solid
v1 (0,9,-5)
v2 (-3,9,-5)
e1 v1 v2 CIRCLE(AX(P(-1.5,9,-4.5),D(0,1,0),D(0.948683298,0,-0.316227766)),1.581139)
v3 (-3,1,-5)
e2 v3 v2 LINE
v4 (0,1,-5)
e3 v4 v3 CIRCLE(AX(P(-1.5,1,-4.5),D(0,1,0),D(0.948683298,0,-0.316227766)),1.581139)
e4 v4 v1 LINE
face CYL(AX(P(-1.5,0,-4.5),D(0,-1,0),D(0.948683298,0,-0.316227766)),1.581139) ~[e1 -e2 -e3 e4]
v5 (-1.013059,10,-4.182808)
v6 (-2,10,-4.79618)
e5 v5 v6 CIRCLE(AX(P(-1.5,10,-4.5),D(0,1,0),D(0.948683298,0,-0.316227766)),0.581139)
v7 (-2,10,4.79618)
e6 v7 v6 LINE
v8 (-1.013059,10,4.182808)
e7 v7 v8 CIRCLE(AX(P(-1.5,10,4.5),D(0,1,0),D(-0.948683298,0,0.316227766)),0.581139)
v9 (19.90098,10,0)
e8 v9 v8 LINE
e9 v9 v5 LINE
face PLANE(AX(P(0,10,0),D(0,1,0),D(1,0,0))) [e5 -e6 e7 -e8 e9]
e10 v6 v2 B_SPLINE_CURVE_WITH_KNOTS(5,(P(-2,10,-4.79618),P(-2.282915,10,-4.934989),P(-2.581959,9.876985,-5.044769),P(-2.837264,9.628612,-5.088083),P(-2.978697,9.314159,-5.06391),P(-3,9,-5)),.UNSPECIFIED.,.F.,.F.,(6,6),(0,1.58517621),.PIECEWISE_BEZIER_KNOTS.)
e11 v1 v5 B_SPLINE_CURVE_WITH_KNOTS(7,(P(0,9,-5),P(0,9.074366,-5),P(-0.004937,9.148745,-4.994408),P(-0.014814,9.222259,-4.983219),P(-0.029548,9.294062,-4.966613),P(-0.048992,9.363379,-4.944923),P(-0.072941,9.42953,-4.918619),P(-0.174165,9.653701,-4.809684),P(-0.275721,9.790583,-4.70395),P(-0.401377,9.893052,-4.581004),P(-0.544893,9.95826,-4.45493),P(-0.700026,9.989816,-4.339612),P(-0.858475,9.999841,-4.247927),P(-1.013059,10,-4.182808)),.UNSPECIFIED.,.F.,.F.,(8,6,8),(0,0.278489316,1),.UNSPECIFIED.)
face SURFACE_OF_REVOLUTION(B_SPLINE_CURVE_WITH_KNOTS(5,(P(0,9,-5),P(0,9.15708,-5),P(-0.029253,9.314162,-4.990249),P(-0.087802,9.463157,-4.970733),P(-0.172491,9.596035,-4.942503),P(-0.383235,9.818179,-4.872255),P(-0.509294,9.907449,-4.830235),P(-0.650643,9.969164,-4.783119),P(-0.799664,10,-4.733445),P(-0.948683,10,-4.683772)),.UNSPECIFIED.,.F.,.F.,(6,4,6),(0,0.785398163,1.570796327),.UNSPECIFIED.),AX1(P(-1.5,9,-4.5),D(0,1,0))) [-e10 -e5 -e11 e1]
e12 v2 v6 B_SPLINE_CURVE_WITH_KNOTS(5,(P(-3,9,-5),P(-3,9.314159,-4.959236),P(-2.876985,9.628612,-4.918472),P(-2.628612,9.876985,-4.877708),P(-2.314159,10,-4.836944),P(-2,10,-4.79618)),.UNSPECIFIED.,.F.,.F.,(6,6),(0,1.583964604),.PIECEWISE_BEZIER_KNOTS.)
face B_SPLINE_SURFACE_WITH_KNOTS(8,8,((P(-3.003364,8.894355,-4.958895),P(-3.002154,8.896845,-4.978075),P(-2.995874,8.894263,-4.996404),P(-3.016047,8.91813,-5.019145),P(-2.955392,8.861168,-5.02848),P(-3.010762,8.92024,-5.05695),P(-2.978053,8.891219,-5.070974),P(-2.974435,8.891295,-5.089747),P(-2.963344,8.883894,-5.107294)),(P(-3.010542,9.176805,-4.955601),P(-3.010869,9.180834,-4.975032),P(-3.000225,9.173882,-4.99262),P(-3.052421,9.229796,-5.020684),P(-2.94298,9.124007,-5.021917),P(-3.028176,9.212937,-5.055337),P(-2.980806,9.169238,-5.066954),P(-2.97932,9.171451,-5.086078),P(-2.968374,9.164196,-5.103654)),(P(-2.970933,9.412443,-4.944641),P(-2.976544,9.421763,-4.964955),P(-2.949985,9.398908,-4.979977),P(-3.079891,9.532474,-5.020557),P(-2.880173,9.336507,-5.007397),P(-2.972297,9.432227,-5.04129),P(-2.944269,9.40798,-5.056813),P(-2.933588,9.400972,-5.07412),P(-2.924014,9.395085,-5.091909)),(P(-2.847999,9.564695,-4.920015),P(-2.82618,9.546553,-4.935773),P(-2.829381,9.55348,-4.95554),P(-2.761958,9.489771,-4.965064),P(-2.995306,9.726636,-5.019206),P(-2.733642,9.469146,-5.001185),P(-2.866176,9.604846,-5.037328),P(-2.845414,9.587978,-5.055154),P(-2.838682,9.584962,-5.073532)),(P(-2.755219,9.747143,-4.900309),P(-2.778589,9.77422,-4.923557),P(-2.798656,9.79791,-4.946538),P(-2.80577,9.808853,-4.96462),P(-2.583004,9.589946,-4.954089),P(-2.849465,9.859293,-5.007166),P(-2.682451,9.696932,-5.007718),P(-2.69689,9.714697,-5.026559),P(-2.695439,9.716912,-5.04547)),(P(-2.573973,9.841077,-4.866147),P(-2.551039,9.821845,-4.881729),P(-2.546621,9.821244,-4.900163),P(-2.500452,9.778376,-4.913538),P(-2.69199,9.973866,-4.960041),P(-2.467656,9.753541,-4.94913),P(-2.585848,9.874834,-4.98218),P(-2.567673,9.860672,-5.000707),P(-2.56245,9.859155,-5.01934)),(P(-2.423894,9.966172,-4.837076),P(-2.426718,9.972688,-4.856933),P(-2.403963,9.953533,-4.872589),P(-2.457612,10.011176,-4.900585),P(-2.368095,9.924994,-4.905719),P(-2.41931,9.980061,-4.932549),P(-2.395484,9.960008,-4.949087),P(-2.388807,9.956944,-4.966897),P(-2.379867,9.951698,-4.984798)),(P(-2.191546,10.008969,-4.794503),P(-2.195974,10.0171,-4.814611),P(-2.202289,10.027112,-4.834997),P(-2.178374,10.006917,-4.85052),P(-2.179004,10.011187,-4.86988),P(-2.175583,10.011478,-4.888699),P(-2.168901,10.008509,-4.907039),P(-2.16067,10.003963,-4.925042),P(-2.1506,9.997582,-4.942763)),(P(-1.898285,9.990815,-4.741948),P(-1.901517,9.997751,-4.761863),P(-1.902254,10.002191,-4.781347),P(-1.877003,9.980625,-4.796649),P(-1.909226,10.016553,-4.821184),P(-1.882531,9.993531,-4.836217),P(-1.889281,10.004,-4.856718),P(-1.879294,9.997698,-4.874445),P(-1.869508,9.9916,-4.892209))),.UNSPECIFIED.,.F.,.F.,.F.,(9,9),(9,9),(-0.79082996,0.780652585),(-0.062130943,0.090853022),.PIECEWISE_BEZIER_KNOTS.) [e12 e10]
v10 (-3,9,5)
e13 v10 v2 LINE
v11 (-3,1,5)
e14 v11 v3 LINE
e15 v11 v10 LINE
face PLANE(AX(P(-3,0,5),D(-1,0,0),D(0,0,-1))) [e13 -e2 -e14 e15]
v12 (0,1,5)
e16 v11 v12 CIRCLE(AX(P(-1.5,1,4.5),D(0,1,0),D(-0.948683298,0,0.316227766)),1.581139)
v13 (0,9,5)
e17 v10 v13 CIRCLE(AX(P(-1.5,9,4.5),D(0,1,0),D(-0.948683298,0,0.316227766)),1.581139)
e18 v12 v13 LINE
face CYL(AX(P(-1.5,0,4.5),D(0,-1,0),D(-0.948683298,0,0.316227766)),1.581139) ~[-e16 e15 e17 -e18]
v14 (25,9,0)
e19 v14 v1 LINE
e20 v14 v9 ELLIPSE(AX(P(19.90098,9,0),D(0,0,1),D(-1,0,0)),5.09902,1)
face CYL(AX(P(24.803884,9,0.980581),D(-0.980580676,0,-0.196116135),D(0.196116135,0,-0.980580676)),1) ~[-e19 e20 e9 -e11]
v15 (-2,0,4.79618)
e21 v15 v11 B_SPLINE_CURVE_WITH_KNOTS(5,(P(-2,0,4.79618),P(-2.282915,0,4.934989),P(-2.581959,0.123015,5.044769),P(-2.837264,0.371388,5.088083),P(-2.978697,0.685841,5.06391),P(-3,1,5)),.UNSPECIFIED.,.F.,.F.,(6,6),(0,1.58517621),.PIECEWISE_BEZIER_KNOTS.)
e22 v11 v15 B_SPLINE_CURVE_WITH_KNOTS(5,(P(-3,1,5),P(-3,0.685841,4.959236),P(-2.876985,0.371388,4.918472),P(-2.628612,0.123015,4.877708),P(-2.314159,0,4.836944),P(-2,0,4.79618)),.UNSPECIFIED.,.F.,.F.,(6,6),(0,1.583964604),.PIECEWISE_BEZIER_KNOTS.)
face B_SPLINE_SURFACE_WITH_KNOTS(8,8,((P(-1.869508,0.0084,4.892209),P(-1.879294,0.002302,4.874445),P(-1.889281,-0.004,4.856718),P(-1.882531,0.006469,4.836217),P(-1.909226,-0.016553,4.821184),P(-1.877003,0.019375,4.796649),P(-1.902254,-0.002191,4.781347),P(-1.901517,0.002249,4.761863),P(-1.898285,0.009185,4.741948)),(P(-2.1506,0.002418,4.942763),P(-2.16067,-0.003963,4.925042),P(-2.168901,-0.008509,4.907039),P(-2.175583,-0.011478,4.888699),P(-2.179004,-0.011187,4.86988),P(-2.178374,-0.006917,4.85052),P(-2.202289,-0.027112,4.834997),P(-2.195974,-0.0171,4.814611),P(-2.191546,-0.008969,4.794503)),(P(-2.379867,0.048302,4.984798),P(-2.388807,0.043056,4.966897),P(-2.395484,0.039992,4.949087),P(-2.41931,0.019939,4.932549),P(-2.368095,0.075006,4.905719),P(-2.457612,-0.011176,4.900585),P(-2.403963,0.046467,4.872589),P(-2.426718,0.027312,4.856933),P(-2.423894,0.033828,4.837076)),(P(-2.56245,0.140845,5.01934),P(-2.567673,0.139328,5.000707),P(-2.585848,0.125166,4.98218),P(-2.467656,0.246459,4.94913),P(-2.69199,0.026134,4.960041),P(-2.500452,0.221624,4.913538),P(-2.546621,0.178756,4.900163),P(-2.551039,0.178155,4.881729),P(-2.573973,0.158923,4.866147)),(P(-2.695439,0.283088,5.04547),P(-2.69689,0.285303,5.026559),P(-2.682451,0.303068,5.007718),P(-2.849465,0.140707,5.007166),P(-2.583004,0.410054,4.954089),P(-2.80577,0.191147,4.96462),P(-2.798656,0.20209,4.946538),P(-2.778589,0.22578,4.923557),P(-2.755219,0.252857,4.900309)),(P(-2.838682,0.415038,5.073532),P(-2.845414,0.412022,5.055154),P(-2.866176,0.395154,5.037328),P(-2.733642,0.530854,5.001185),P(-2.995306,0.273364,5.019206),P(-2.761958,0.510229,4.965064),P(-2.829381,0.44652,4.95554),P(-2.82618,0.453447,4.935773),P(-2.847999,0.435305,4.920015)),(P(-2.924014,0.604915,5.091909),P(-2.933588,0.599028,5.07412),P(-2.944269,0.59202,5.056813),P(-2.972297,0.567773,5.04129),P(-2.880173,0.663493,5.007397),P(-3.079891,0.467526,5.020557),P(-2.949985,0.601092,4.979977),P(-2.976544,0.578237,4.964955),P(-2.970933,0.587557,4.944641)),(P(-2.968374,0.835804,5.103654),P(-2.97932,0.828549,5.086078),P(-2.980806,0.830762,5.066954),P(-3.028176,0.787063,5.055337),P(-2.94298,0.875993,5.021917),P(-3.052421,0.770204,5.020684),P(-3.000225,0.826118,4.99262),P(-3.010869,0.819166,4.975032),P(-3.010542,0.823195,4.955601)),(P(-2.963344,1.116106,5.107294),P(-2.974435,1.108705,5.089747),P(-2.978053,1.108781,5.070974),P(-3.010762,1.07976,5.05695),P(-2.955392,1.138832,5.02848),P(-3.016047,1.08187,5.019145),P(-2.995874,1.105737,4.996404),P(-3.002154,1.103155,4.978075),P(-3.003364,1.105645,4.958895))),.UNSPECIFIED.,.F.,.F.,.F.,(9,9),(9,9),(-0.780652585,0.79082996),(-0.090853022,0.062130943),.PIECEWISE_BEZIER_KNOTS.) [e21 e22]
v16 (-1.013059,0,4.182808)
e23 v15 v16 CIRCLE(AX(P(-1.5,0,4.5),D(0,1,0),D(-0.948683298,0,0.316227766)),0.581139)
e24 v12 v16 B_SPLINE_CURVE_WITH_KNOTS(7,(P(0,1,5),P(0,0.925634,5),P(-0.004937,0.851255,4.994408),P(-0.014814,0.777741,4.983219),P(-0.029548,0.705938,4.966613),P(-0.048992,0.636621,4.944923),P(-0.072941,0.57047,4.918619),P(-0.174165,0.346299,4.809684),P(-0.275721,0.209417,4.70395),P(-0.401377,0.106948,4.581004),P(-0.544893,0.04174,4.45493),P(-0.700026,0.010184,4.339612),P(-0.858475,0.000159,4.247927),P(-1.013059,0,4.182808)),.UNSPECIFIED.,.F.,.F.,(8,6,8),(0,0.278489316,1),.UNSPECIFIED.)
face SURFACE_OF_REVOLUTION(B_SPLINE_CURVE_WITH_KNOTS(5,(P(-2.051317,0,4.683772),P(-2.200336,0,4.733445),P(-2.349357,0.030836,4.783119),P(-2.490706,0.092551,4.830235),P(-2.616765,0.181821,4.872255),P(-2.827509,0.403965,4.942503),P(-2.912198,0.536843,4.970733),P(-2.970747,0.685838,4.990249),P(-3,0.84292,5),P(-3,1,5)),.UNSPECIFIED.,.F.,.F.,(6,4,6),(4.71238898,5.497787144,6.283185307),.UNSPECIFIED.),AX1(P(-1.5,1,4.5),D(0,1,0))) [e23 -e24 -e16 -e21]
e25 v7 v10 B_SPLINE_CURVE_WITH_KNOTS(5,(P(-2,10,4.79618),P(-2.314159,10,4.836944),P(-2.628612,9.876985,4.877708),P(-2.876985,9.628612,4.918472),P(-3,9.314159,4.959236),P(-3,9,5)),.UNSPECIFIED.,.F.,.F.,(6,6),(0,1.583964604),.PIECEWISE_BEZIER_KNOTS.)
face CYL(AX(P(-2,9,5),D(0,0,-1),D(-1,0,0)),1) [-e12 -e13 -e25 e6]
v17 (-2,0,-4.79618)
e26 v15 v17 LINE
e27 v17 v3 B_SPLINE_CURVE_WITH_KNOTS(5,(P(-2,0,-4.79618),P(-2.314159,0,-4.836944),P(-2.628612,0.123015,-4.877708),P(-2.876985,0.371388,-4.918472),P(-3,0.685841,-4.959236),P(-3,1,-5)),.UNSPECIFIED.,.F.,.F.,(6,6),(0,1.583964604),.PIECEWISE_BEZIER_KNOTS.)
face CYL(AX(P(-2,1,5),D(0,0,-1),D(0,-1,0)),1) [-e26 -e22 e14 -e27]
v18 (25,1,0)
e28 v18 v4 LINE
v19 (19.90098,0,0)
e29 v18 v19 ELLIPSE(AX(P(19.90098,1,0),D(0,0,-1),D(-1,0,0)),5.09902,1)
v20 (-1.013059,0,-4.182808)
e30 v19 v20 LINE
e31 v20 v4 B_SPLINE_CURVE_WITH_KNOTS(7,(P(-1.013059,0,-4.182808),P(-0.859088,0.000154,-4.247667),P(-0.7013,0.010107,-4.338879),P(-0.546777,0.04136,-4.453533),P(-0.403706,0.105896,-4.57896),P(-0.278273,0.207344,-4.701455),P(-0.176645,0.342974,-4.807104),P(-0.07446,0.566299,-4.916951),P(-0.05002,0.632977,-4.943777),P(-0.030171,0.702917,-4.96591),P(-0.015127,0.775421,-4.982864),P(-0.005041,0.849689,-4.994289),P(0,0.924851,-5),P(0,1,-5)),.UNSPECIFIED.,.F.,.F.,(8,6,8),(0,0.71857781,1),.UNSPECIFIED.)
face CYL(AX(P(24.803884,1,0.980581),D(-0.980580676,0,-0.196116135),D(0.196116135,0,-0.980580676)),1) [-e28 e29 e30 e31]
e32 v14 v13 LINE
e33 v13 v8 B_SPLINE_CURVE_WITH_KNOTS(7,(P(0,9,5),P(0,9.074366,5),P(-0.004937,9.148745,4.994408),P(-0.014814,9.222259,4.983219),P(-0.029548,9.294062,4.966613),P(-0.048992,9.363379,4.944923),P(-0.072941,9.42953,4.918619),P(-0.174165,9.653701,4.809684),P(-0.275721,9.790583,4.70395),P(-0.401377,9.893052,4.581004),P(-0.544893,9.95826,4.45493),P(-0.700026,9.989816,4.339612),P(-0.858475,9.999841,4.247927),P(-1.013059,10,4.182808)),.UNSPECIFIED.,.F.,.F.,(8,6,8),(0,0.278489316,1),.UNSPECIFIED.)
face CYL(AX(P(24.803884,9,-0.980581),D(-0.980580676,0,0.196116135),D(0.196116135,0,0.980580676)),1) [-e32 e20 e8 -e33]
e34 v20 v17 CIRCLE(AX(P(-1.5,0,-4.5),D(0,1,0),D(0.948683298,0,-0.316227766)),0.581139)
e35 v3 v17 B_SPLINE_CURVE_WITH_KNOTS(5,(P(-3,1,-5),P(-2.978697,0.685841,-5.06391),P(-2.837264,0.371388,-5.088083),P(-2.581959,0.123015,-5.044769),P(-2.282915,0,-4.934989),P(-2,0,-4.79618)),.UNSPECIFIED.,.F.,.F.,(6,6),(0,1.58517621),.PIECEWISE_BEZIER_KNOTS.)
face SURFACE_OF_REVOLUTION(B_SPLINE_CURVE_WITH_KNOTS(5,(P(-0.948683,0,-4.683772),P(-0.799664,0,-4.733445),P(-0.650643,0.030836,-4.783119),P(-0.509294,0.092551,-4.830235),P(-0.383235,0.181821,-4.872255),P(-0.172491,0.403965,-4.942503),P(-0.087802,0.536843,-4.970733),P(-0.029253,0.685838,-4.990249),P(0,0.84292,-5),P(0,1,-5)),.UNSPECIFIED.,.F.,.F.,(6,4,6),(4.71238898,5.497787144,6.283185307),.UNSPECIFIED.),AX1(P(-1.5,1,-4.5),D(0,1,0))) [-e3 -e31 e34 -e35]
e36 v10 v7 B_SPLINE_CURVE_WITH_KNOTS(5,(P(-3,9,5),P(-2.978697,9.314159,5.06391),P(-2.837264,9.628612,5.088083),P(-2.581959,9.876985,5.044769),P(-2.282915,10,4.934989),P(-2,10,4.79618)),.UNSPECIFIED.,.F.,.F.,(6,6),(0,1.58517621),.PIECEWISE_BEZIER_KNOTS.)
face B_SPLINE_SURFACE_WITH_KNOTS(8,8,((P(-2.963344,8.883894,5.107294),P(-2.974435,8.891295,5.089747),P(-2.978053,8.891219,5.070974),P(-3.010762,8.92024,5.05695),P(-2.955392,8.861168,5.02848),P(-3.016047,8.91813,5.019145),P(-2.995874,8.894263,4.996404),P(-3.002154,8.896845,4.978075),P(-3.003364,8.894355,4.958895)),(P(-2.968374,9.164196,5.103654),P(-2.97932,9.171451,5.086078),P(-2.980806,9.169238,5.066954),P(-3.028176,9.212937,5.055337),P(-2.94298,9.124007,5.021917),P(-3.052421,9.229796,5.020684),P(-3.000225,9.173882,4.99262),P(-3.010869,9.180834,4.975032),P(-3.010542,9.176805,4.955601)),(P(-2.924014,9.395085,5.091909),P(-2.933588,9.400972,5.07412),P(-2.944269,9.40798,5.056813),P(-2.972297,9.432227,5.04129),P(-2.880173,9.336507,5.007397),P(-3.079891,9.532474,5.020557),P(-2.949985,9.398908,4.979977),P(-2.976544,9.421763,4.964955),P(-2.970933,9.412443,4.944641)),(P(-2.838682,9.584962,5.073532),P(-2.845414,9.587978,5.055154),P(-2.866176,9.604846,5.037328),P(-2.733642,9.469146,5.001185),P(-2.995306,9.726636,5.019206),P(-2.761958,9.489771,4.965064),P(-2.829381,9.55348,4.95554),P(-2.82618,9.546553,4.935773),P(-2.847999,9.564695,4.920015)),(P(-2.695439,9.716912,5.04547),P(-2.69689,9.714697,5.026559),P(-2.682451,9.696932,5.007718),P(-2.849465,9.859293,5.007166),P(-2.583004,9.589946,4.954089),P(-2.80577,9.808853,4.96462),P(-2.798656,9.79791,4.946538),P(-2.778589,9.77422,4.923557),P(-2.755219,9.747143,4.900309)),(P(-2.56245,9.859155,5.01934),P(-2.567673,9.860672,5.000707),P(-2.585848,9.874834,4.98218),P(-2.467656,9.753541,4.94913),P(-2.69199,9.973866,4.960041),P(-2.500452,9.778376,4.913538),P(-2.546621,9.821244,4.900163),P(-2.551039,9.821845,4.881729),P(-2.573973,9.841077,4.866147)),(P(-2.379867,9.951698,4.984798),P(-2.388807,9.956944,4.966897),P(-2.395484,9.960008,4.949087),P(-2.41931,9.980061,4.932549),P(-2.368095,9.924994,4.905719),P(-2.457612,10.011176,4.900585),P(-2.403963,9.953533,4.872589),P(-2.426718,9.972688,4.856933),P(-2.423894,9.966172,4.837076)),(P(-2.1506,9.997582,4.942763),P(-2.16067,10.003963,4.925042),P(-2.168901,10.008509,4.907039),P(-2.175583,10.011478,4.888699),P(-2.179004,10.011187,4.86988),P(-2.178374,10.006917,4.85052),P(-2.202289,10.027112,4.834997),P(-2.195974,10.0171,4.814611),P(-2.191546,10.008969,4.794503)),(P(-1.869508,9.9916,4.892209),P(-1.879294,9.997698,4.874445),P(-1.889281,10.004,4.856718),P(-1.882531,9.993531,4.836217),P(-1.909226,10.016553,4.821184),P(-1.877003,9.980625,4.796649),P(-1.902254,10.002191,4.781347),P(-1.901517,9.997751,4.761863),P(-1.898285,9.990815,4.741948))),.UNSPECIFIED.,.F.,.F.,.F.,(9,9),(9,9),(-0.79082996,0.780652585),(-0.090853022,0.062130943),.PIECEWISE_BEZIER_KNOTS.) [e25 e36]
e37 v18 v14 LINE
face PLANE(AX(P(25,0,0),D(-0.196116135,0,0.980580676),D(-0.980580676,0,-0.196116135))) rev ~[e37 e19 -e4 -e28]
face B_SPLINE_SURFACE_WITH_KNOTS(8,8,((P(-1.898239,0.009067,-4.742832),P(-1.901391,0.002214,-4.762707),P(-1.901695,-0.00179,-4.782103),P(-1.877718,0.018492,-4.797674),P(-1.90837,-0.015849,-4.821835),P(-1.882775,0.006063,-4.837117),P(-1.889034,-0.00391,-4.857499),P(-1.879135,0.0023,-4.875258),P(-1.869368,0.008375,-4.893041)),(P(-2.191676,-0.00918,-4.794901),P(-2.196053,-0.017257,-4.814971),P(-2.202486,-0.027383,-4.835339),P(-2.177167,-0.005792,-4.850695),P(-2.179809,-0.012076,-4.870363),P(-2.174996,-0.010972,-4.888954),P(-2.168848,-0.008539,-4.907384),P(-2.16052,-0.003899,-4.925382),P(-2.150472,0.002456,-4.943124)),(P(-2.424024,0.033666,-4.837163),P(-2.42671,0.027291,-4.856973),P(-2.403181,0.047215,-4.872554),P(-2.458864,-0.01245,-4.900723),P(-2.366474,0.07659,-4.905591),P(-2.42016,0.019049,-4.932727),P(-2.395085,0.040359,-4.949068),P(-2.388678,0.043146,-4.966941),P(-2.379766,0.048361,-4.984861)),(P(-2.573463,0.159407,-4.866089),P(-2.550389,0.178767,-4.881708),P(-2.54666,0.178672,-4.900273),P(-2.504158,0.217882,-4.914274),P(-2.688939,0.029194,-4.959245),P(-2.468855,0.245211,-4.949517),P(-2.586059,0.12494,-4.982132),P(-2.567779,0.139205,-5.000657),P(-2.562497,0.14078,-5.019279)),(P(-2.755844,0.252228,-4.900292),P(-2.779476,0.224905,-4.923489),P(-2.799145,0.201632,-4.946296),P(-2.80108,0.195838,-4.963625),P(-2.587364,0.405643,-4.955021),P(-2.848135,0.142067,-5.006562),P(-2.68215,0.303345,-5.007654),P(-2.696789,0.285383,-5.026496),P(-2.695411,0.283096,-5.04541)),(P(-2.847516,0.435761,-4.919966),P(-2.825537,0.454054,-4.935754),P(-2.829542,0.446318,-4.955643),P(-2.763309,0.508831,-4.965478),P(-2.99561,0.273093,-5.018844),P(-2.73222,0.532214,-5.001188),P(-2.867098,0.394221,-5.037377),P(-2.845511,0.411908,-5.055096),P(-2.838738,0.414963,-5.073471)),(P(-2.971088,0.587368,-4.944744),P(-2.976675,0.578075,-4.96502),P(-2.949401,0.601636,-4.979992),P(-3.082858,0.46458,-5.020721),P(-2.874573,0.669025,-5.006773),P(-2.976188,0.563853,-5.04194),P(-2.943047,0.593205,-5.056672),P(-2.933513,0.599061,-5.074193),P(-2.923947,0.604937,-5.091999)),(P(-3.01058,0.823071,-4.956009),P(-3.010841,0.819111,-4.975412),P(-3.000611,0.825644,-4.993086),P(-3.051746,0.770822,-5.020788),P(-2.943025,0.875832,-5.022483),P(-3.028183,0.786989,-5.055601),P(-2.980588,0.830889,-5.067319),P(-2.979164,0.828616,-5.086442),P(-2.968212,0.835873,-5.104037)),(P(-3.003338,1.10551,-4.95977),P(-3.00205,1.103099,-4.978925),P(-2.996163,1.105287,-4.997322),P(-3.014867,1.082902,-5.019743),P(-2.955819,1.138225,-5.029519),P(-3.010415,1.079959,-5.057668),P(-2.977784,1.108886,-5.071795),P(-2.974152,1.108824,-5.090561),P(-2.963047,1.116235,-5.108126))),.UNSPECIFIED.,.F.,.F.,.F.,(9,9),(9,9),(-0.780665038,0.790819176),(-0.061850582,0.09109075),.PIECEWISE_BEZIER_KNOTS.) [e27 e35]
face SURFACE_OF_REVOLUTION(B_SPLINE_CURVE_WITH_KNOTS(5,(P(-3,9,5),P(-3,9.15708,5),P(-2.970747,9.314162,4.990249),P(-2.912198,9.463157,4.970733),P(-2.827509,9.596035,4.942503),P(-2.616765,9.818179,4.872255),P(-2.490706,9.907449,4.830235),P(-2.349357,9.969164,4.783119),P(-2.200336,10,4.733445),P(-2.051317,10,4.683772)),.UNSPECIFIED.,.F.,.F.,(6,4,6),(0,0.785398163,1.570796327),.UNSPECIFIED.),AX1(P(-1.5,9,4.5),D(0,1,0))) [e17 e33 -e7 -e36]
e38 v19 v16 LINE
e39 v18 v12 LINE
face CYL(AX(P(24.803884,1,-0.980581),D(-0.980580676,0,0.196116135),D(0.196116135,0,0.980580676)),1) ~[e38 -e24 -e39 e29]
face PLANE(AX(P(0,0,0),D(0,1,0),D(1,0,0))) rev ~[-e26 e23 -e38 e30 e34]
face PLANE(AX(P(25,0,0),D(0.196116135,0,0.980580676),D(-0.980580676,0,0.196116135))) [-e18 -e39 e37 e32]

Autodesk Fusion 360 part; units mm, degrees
sketch "Sketch1" plane through (0, 0, 0) normal (0, 1, 0) x (1, 0, 0)
  line L0 (25, 0) -> (0, -5)
  line L1 (25, 0) -> (0, 5)
  arc A0 (-3, -5) -> (0, -5) centre (-1.5, -4.5) ccw
  arc A1 (0, 5) -> (-3, 5) centre (-1.5, 4.5) ccw
  line L2 (-3, -5) -> (-3, 5)
  dimension "d1" = 3
extrude "Extrude1" add sketch "Sketch1" along normal blind 10
fillet "Fillet1" radius 1 5 edges at (12.5, 10, 2.5) (12.5, 10, -2.5) (-1.5, 10, 6.0811) (-3, 10, 0) (-1.5, 10, -6.0811)
fillet "Fillet2" radius 1 5 edges at (12.5, 0, 2.5) (-1.5, 0, 6.0811) (-3, 0, 0) (-1.5, 0, -6.0811) (12.5, 0, -2.5)
